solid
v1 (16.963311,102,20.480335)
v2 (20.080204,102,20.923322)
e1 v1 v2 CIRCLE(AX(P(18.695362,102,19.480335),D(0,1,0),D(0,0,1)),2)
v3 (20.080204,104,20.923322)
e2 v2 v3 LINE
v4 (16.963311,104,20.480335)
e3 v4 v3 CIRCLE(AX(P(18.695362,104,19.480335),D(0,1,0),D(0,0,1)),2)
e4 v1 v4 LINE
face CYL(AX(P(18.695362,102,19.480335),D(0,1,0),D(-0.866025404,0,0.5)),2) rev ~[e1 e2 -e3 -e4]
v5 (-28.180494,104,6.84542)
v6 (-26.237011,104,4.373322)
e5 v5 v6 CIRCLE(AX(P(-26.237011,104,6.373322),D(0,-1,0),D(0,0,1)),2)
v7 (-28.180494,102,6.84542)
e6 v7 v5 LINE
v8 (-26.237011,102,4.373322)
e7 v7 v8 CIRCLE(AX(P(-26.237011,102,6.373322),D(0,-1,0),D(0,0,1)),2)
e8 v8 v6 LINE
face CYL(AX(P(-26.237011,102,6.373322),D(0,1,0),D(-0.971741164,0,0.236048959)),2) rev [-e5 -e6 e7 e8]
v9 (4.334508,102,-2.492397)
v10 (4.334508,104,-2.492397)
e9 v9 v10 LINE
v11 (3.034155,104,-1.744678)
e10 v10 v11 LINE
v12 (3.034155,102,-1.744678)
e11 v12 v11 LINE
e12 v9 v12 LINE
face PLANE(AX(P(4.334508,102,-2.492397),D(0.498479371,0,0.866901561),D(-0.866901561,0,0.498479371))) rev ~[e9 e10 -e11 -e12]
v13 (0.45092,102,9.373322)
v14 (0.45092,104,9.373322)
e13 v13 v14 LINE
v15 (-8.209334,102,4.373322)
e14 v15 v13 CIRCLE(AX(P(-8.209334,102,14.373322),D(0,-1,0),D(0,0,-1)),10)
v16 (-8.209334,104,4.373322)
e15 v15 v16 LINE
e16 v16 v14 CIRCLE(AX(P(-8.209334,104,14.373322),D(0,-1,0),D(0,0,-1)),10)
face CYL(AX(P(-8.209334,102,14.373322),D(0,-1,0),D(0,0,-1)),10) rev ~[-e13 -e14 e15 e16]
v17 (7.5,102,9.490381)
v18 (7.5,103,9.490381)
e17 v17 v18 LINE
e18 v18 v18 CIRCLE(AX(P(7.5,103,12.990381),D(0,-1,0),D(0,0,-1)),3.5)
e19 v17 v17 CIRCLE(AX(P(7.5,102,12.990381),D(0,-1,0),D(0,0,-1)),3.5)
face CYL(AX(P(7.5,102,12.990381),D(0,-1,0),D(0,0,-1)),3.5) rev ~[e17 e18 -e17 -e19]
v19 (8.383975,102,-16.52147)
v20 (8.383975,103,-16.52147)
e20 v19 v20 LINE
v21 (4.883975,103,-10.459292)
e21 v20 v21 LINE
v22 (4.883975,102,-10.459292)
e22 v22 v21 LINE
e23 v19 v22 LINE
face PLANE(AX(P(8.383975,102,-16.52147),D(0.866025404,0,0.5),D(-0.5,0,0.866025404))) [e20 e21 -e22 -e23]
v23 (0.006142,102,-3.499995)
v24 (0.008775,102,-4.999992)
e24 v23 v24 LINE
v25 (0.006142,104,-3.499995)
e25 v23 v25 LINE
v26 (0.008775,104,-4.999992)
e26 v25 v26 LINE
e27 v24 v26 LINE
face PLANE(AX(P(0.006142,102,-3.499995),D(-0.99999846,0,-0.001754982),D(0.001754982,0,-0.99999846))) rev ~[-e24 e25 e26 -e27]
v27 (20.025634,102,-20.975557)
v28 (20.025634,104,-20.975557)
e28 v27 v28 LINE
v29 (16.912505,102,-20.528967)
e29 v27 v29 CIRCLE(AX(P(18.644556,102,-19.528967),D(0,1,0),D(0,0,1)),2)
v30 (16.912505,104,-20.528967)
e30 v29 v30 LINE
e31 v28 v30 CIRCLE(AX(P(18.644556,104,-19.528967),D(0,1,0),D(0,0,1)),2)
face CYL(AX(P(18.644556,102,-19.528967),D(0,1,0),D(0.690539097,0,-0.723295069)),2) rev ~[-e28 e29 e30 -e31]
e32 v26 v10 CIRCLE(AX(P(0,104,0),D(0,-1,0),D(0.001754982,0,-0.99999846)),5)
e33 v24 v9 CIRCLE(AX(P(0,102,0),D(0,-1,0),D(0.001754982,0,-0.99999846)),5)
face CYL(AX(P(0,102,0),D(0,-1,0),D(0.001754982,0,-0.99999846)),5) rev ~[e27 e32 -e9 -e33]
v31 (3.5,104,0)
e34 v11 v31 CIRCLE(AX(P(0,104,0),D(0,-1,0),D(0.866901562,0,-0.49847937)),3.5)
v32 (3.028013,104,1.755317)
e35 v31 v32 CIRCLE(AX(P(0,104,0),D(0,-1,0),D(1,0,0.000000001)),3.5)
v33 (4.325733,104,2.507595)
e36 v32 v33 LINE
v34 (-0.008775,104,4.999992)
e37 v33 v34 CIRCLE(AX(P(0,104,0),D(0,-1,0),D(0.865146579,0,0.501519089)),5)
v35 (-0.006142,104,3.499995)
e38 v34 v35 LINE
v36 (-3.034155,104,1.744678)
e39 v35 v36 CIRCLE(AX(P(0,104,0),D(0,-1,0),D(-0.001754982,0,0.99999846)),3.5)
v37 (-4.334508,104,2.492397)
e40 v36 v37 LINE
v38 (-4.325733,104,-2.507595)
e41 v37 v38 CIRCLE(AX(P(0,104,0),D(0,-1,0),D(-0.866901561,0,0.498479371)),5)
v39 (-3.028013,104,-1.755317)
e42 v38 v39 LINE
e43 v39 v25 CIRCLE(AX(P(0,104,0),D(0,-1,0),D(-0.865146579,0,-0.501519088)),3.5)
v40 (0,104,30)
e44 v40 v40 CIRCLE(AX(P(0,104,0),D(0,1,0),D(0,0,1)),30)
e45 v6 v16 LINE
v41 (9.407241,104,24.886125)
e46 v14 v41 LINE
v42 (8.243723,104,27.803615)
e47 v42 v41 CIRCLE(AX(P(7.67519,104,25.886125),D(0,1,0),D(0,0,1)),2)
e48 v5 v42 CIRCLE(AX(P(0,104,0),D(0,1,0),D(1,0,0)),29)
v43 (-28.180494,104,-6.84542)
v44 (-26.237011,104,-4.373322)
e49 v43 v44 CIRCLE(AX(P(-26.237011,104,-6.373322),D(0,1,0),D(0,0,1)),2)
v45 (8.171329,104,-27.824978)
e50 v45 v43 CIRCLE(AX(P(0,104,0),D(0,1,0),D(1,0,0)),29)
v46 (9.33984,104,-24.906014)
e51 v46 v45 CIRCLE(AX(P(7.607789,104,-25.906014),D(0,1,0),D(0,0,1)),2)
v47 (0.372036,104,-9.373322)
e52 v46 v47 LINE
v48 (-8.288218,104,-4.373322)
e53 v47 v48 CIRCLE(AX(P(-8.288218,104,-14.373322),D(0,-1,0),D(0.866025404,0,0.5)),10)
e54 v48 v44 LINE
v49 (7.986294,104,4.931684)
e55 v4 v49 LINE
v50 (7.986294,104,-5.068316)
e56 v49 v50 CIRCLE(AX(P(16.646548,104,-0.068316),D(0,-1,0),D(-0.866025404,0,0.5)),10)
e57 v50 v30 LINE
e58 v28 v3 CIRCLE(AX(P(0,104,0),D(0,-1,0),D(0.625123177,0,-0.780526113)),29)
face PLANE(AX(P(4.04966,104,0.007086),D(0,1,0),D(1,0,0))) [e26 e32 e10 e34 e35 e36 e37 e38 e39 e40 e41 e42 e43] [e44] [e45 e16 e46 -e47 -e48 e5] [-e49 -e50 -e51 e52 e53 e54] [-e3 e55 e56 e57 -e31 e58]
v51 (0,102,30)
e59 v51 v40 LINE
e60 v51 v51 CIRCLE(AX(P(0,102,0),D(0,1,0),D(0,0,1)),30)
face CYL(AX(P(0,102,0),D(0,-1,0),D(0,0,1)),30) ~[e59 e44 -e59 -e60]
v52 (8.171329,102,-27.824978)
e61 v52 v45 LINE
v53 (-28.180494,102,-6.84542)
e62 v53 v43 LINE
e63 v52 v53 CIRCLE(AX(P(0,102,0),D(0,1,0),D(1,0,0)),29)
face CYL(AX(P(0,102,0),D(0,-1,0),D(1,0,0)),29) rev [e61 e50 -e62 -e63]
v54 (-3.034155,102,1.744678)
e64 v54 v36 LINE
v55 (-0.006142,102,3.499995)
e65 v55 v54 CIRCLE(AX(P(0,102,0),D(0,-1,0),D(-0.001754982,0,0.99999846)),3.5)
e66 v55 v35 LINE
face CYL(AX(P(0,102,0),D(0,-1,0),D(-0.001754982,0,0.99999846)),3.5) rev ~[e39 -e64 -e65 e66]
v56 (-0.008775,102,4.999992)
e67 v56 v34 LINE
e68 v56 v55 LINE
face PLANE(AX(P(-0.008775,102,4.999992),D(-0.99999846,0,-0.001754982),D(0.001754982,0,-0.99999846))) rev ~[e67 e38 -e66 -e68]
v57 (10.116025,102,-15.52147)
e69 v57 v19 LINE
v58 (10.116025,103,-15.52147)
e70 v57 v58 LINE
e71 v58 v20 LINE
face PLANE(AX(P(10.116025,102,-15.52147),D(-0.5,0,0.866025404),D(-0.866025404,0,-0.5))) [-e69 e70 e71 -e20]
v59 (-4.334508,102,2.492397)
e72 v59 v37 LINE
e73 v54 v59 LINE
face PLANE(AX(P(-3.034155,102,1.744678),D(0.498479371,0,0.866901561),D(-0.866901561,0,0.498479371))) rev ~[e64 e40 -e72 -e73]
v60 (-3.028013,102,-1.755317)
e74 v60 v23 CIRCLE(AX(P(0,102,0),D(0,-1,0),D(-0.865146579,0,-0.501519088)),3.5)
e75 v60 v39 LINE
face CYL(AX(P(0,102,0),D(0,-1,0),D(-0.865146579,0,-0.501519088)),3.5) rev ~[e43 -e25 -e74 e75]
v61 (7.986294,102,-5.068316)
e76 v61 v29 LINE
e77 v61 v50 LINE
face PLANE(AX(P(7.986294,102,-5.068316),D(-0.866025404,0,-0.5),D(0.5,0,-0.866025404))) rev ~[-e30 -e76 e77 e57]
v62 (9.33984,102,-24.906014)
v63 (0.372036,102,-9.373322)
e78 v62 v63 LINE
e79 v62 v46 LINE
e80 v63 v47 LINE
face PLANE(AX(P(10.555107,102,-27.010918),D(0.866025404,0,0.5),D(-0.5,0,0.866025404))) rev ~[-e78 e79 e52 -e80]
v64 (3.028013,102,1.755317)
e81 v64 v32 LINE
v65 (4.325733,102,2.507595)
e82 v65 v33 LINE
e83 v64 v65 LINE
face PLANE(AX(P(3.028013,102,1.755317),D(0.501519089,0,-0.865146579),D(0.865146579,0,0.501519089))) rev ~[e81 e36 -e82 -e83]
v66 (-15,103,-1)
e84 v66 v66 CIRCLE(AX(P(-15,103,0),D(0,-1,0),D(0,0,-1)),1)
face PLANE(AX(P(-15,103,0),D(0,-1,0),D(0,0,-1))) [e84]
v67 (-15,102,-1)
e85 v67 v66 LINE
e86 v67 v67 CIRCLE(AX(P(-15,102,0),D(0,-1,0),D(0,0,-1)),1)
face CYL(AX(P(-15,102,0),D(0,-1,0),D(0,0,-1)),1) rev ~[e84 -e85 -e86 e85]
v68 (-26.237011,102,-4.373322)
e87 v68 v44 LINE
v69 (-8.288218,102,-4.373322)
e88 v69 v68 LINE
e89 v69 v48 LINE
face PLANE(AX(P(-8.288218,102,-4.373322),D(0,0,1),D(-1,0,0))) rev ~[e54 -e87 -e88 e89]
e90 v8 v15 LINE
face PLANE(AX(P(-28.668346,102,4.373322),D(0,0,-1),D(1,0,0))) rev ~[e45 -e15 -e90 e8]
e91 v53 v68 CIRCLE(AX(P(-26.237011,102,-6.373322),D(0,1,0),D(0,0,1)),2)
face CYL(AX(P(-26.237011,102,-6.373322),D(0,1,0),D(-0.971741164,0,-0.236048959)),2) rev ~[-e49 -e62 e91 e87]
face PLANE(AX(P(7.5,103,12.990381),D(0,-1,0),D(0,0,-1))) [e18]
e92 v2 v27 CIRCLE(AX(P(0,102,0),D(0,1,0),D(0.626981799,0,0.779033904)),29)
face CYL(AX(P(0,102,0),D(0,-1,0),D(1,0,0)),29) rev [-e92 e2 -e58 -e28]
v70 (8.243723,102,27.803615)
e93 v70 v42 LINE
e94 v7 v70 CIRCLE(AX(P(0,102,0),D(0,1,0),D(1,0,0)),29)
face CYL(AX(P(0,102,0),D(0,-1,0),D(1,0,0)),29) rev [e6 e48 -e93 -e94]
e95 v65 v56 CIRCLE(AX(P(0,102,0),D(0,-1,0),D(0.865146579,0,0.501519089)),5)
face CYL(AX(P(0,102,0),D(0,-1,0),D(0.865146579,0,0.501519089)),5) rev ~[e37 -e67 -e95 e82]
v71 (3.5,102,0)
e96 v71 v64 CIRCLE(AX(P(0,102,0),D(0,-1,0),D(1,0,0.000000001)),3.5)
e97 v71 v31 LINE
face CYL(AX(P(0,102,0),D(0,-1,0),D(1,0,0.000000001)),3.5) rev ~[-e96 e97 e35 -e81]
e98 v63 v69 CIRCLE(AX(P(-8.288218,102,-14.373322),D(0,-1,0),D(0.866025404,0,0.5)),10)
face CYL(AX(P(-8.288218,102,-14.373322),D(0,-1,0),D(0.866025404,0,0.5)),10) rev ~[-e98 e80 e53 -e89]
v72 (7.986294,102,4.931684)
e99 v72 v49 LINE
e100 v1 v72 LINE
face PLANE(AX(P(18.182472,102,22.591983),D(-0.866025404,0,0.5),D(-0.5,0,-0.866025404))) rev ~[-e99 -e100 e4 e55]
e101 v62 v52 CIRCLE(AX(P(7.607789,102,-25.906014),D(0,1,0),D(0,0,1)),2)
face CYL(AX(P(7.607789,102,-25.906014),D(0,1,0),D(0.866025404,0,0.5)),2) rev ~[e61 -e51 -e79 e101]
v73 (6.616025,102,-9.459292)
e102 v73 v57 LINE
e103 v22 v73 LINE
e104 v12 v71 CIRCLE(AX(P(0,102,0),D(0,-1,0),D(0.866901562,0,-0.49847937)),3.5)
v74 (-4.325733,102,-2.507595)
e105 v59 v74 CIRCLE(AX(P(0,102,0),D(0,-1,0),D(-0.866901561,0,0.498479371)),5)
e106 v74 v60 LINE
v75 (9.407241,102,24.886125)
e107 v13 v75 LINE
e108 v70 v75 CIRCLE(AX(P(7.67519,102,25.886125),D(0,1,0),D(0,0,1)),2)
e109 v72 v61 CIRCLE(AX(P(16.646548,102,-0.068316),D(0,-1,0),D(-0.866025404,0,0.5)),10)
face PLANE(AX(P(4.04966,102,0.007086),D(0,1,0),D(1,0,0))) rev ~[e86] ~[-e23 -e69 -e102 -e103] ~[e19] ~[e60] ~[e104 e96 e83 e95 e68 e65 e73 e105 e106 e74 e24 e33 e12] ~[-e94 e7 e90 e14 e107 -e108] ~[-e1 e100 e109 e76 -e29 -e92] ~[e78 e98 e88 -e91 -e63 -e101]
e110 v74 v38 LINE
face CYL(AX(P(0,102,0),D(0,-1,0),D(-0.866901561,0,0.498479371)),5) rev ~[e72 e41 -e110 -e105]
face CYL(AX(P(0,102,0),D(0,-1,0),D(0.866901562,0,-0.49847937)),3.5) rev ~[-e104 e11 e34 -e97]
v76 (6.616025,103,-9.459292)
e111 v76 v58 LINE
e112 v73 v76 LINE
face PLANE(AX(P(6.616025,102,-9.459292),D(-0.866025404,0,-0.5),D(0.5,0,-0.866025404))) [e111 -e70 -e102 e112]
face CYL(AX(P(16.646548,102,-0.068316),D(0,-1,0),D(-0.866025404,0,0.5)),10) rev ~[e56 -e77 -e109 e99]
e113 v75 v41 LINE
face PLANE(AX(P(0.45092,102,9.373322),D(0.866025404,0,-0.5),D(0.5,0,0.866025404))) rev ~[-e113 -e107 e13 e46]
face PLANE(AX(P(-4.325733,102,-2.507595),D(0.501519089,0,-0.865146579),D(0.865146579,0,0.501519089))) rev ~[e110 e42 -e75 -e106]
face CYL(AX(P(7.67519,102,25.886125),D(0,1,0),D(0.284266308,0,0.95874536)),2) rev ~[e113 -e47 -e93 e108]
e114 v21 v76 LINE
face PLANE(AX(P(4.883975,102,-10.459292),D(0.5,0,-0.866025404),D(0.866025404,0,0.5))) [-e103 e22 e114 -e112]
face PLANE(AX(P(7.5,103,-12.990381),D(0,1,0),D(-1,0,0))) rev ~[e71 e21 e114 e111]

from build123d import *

# Parameters (mm, degrees)
SKETCH1_R           = 46.5
SKETCH1_R_2         = 6.5
SKETCH1_R_3         = 10
SKETCH1_R_4         = 3.5
BOSS_EXTRUDE1_DEPTH = 2
SKETCH3_R           = 5
SKETCH3_R_2         = 3.5
BOSS_EXTRUDE2_DEPTH = 100
SKETCH4_R           = 30
SKETCH4_R_2         = 29
BOSS_EXTRUDE5_DEPTH = 2
FILLET2_R           = 2
SKETCH5_R           = 1
SKETCH5_R_2         = 3.5
CUT_EXTRUDE1_DEPTH  = 1
SKETCH6_R           = 2
CUT_EXTRUDE2_DEPTH  = 2
CHAMFER2_SIZE       = 0.8
SKETCH7_R           = 61.085714235
CUT_EXTRUDE3_DEPTH  = 122.361031637


with BuildPart() as part:
    # Sketch1 → Boss-Extrude1 (new body)
    with BuildSketch(Plane(origin=(0, 0, 0), x_dir=(1, 0, 0), z_dir=(0, 1, 0))):
        with Locations(Location((0, 0, 0), (0, 0, 270))):
            Circle(SKETCH1_R)
        with Locations(Location((0, 15, 0), (0, 0, 270))):
            Circle(SKETCH1_R_2, mode=Mode.SUBTRACT)
        with Locations(Location((-12.990381057, -7.5, 0), (0, 0, 270))):
            Circle(SKETCH1_R_3, mode=Mode.SUBTRACT)
        with Locations(Location((12.990381057, -7.5, 0), (0, 0, 270))):
            Circle(SKETCH1_R_4, mode=Mode.SUBTRACT)
        with Locations(Location((0, 0, 0), (0, 0, 270))):
            Circle(SKETCH1_R_4, mode=Mode.SUBTRACT)
    extrude(amount=BOSS_EXTRUDE1_DEPTH)

    # Sketch3 → Boss-Extrude2 (add)
    with BuildSketch(Plane(origin=(0, 2, 0), x_dir=(1, 0, 0), z_dir=(0, 1, 0))):
        with Locations(Location((0, 0, 0), (0, 0, 210))):
            Circle(SKETCH3_R)
        with Locations(Location((0, 0, 0), (0, 0, 270))):
            Circle(SKETCH3_R_2, mode=Mode.SUBTRACT)
    extrude(amount=BOSS_EXTRUDE2_DEPTH)

    # Sketch6 → Cut-Extrude2 (cut)
    with BuildSketch(Plane.XZ):
        with Locations(Location((0, 35, 0), (0, 0, 270))):
            Circle(SKETCH6_R)
        with Locations(Location((27.364101886, 21.822143065, 0), (0, 0, 270))):
            Circle(SKETCH6_R)
        with Locations(Location((34.122476926, -7.788232688, 0), (0, 0, 270))):
            Circle(SKETCH6_R)
        with Locations(Location((15.185930869, -31.533910377, 0), (0, 0, 270))):
            Circle(SKETCH6_R)
        with Locations(Location((-15.185930869, -31.533910377, 0), (0, 0, 270))):
            Circle(SKETCH6_R)
        with Locations(Location((-34.122476926, -7.788232688, 0), (0, 0, 270))):
            Circle(SKETCH6_R)
        with Locations(Location((-27.364101886, 21.822143065, 0), (0, 0, 270))):
            Circle(SKETCH6_R)
    extrude(amount=-CUT_EXTRUDE2_DEPTH, mode=Mode.SUBTRACT)

    # Chamfer2
    chamfer2_edges = [part.edges().sort_by_distance(p)[0] for p in [
        (12.990381057, 0, 4),
        (34.122476926, 0, -5.788232688),
        (27.364101886, 0, 23.822143065),
        (0, 0, 37),
        (-27.364101886, 0, 23.822143065),
        (-34.122476926, 0, -5.788232688),
        (-15.185930869, 0, -29.533910377),
        (15.185930869, 0, -29.533910377),
    ]]
    chamfer(chamfer2_edges, length=CHAMFER2_SIZE)

    # Sketch7 → Cut-Extrude3 (cut, through all)
    with BuildSketch(Plane.XZ.offset(-102)):
        Circle(SKETCH7_R)
    extrude(amount=CUT_EXTRUDE3_DEPTH, mode=Mode.SUBTRACT)


with BuildPart() as body_2:
    # Sketch4 → Boss-Extrude5 (new body)
    # profile 1 of 11: a face of its own
    with BuildSketch(Plane(origin=(0, 102, 0), x_dir=(1, 0, 0), z_dir=(0, 1, 0))):
        with Locations(Location((0, 0, 0), (0, 0, 270))):
            Circle(SKETCH4_R)
        Circle(SKETCH4_R_2, mode=Mode.SUBTRACT)
    # profile 2 of 11: a face of its own
    with BuildSketch(Plane(origin=(0, 102, 0), x_dir=(1, 0, 0), z_dir=(0, 1, 0))):
        with BuildLine():
            ThreePointArc((0.372035902, 9.373321886), (-3.288218135, 5.713067848), (-8.288218135, 4.373321886))
            Line((-8.288218135, 4.373321886), (-28.668345883, 4.373321886))
            ThreePointArc((-28.668345883, 4.373321886), (-29, 0), (-28.668345883, -4.373321886))
            Line((-28.668345883, -4.373321886), (-8.209333805, -4.373321886))
            ThreePointArc((-8.209333805, -4.373321886), (-3.209333805, -5.713067848), (0.450920232, -9.373321886))
            Line((0.450920232, -9.373321886), (10.619428606, -26.985695027))
            ThreePointArc((10.619428606, -26.985695027), (14.567551204, -25.075614687), (18.182472179, -22.591983212))
            Line((18.182472179, -22.591983212), (7.986293771, -4.931684166))
            ThreePointArc((7.986293771, -4.931684166), (6.646547809, 0.068315834), (7.986293771, 5.068315834))
            Line((7.986293771, 5.068315834), (18.128572143, 22.635257278))
            ThreePointArc((18.128572143, 22.635257278), (14.507755353, 25.110257558), (10.555107028, 27.010918452))
            Line((10.555107028, 27.010918452), (0.372035902, 9.373321886))
        make_face()
        with BuildLine():
            ThreePointArc((-4.421197961, -2.542244793), (-5.099992146, 0.008950407), (-4.412247554, 2.557747353))
            ThreePointArc((-4.412247554, 2.557747353), (-2.542244793, 4.421197961), (0.008950407, 5.099992146))
            ThreePointArc((0.008950407, 5.099992146), (2.557747353, 4.412247554), (4.421197961, 2.542244793))
            ThreePointArc((4.421197961, 2.542244793), (4.927378086, 1.315653905), (5.1, 0))
            ThreePointArc((5.1, 0), (4.925061549, -1.324299338), (4.412247554, -2.557747353))
            ThreePointArc((4.412247554, -2.557747353), (2.542244793, -4.421197961), (-0.008950407, -5.099992146))
            ThreePointArc((-0.008950407, -5.099992146), (-2.557747353, -4.412247554), (-4.421197961, -2.542244793))
        make_face(mode=Mode.SUBTRACT)
    # profile 3 of 11: a face of its own
    with BuildSketch(Plane(origin=(0, 102, 0), x_dir=(1, 0, 0), z_dir=(0, 1, 0))):
        with BuildLine():
            Line((-0.008950407, -5.099992146), (-0.008774909, -4.9999923))
            ThreePointArc((-0.008774909, -4.9999923), (-2.507595444, -4.325732896), (-4.334507805, -2.492396856))
            Line((-4.334507805, -2.492396856), (-4.421197961, -2.542244793))
            ThreePointArc((-4.421197961, -2.542244793), (-2.557747353, -4.412247554), (-0.008950407, -5.099992146))
        make_face()
    # profile 4 of 11: a face of its own
    with BuildSketch(Plane(origin=(0, 102, 0), x_dir=(1, 0, 0), z_dir=(0, 1, 0))):
        with BuildLine():
            Line((-4.412247554, 2.557747353), (-4.325732896, 2.507595444))
            ThreePointArc((-4.325732896, 2.507595444), (-2.492396856, 4.334507805), (0.008774909, 4.9999923))
            Line((0.008774909, 4.9999923), (0.008950407, 5.099992146))
            ThreePointArc((0.008950407, 5.099992146), (-2.542244793, 4.421197961), (-4.412247554, 2.557747353))
        make_face()
    # profile 5 of 11: a face of its own
    with BuildSketch(Plane(origin=(0, 102, 0), x_dir=(1, 0, 0), z_dir=(0, 1, 0))):
        with BuildLine():
            Line((4.421197961, 2.542244793), (4.334507805, 2.492396856))
            ThreePointArc((4.334507805, 2.492396856), (4.830762829, 1.28985677), (5, 0))
            ThreePointArc((5, 0), (4.828491715, -1.298332685), (4.325732896, -2.507595444))
            Line((4.325732896, -2.507595444), (4.412247554, -2.557747353))
            ThreePointArc((4.412247554, -2.557747353), (4.925061549, -1.324299338), (5.1, 0))
            ThreePointArc((5.1, 0), (4.927378086, 1.315653905), (4.421197961, 2.542244793))
        make_face()
    # profile 6 of 11: a face of its own
    with BuildSketch(Plane(origin=(0, 102, 0), x_dir=(1, 0, 0), z_dir=(0, 1, 0))):
        with BuildLine():
            ThreePointArc((-4.334507805, -2.492396856), (-4.9999923, 0.008774909), (-4.325732896, 2.507595444))
            Line((-4.325732896, 2.507595444), (-4.412247554, 2.557747353))
            ThreePointArc((-4.412247554, 2.557747353), (-5.099992146, 0.008950407), (-4.421197961, -2.542244793))
            Line((-4.421197961, -2.542244793), (-4.334507805, -2.492396856))
        make_face()
    # profile 7 of 11: a face of its own
    with BuildSketch(Plane(origin=(0, 102, 0), x_dir=(1, 0, 0), z_dir=(0, 1, 0))):
        with BuildLine():
            Line((4.412247554, -2.557747353), (4.325732896, -2.507595444))
            ThreePointArc((4.325732896, -2.507595444), (2.492396856, -4.334507805), (-0.008774909, -4.9999923))
            Line((-0.008774909, -4.9999923), (-0.008950407, -5.099992146))
            ThreePointArc((-0.008950407, -5.099992146), (2.542244793, -4.421197961), (4.412247554, -2.557747353))
        make_face()
    # profile 8 of 11: a face of its own
    with BuildSketch(Plane(origin=(0, 102, 0), x_dir=(1, 0, 0), z_dir=(0, 1, 0))):
        with BuildLine():
            Line((0.008950407, 5.099992146), (0.008774909, 4.9999923))
            ThreePointArc((0.008774909, 4.9999923), (2.507595444, 4.325732896), (4.334507805, 2.492396856))
            Line((4.334507805, 2.492396856), (4.421197961, 2.542244793))
            ThreePointArc((4.421197961, 2.542244793), (2.557747353, 4.412247554), (0.008950407, 5.099992146))
        make_face()
    # profile 9 of 11: a face of its own
    with BuildSketch(Plane(origin=(0, 102, 0), x_dir=(1, 0, 0), z_dir=(0, 1, 0))):
        with BuildLine():
            Line((-4.325732896, 2.507595444), (-3.028013027, 1.755316811))
            ThreePointArc((-3.028013027, 1.755316811), (-1.744677799, 3.034155464), (0.006142436, 3.49999461))
            Line((0.006142436, 3.49999461), (0.008774909, 4.9999923))
            ThreePointArc((0.008774909, 4.9999923), (-2.492396856, 4.334507805), (-4.325732896, 2.507595444))
        make_face()
    # profile 10 of 11: a face of its own
    with BuildSketch(Plane(origin=(0, 102, 0), x_dir=(1, 0, 0), z_dir=(0, 1, 0))):
        with BuildLine():
            Line((-0.008774909, -4.9999923), (-0.006142436, -3.49999461))
            ThreePointArc((-0.006142436, -3.49999461), (-1.755316811, -3.028013027), (-3.034155464, -1.744677799))
            Line((-3.034155464, -1.744677799), (-4.334507805, -2.492396856))
            ThreePointArc((-4.334507805, -2.492396856), (-2.507595444, -4.325732896), (-0.008774909, -4.9999923))
        make_face()
    # profile 11 of 11: a face of its own
    with BuildSketch(Plane(origin=(0, 102, 0), x_dir=(1, 0, 0), z_dir=(0, 1, 0))):
        with BuildLine():
            Line((4.334507805, 2.492396856), (3.034155464, 1.744677799))
            ThreePointArc((3.034155464, 1.744677799), (3.38153398, 0.902899739), (3.5, 0))
            ThreePointArc((3.5, 0), (3.3799442, -0.908832879), (3.028013027, -1.755316811))
            Line((3.028013027, -1.755316811), (4.325732896, -2.507595444))
            ThreePointArc((4.325732896, -2.507595444), (4.828491715, -1.298332685), (5, 0))
            ThreePointArc((5, 0), (4.830762829, 1.28985677), (4.334507805, 2.492396856))
        make_face()
    extrude(amount=BOSS_EXTRUDE5_DEPTH)

    # Fillet2
    fillet2_edges = [body_2.edges().sort_by_distance(p)[0] for p in [
        (10.555107028, 103, -27.010918452),
        (-28.668345883, 103, -4.373321886),
        (18.128572143, 103, -22.635257278),
        (18.182472179, 103, 22.591983212),
        (10.619428606, 103, 26.985695027),
        (-28.668345883, 103, 4.373321886),
    ]]
    fillet(fillet2_edges, radius=FILLET2_R)

    # Sketch5 → Cut-Extrude1 (cut)
    with BuildSketch(Plane.XZ.offset(-102)):
        with Locations(Location((-15, 0, 0), (0, 0, 270))):
            Circle(SKETCH5_R)
        with Locations(Location((7.5, 12.990381057, 0), (0, 0, 270))):
            Circle(SKETCH5_R_2)
        Polygon((8.383974596, -16.52146997), (4.883974596, -10.459292144), (6.616025404, -9.459292144), (10.116025404, -15.52146997), align=None)
    extrude(amount=-CUT_EXTRUDE1_DEPTH, mode=Mode.SUBTRACT)


solid = body_2.part
